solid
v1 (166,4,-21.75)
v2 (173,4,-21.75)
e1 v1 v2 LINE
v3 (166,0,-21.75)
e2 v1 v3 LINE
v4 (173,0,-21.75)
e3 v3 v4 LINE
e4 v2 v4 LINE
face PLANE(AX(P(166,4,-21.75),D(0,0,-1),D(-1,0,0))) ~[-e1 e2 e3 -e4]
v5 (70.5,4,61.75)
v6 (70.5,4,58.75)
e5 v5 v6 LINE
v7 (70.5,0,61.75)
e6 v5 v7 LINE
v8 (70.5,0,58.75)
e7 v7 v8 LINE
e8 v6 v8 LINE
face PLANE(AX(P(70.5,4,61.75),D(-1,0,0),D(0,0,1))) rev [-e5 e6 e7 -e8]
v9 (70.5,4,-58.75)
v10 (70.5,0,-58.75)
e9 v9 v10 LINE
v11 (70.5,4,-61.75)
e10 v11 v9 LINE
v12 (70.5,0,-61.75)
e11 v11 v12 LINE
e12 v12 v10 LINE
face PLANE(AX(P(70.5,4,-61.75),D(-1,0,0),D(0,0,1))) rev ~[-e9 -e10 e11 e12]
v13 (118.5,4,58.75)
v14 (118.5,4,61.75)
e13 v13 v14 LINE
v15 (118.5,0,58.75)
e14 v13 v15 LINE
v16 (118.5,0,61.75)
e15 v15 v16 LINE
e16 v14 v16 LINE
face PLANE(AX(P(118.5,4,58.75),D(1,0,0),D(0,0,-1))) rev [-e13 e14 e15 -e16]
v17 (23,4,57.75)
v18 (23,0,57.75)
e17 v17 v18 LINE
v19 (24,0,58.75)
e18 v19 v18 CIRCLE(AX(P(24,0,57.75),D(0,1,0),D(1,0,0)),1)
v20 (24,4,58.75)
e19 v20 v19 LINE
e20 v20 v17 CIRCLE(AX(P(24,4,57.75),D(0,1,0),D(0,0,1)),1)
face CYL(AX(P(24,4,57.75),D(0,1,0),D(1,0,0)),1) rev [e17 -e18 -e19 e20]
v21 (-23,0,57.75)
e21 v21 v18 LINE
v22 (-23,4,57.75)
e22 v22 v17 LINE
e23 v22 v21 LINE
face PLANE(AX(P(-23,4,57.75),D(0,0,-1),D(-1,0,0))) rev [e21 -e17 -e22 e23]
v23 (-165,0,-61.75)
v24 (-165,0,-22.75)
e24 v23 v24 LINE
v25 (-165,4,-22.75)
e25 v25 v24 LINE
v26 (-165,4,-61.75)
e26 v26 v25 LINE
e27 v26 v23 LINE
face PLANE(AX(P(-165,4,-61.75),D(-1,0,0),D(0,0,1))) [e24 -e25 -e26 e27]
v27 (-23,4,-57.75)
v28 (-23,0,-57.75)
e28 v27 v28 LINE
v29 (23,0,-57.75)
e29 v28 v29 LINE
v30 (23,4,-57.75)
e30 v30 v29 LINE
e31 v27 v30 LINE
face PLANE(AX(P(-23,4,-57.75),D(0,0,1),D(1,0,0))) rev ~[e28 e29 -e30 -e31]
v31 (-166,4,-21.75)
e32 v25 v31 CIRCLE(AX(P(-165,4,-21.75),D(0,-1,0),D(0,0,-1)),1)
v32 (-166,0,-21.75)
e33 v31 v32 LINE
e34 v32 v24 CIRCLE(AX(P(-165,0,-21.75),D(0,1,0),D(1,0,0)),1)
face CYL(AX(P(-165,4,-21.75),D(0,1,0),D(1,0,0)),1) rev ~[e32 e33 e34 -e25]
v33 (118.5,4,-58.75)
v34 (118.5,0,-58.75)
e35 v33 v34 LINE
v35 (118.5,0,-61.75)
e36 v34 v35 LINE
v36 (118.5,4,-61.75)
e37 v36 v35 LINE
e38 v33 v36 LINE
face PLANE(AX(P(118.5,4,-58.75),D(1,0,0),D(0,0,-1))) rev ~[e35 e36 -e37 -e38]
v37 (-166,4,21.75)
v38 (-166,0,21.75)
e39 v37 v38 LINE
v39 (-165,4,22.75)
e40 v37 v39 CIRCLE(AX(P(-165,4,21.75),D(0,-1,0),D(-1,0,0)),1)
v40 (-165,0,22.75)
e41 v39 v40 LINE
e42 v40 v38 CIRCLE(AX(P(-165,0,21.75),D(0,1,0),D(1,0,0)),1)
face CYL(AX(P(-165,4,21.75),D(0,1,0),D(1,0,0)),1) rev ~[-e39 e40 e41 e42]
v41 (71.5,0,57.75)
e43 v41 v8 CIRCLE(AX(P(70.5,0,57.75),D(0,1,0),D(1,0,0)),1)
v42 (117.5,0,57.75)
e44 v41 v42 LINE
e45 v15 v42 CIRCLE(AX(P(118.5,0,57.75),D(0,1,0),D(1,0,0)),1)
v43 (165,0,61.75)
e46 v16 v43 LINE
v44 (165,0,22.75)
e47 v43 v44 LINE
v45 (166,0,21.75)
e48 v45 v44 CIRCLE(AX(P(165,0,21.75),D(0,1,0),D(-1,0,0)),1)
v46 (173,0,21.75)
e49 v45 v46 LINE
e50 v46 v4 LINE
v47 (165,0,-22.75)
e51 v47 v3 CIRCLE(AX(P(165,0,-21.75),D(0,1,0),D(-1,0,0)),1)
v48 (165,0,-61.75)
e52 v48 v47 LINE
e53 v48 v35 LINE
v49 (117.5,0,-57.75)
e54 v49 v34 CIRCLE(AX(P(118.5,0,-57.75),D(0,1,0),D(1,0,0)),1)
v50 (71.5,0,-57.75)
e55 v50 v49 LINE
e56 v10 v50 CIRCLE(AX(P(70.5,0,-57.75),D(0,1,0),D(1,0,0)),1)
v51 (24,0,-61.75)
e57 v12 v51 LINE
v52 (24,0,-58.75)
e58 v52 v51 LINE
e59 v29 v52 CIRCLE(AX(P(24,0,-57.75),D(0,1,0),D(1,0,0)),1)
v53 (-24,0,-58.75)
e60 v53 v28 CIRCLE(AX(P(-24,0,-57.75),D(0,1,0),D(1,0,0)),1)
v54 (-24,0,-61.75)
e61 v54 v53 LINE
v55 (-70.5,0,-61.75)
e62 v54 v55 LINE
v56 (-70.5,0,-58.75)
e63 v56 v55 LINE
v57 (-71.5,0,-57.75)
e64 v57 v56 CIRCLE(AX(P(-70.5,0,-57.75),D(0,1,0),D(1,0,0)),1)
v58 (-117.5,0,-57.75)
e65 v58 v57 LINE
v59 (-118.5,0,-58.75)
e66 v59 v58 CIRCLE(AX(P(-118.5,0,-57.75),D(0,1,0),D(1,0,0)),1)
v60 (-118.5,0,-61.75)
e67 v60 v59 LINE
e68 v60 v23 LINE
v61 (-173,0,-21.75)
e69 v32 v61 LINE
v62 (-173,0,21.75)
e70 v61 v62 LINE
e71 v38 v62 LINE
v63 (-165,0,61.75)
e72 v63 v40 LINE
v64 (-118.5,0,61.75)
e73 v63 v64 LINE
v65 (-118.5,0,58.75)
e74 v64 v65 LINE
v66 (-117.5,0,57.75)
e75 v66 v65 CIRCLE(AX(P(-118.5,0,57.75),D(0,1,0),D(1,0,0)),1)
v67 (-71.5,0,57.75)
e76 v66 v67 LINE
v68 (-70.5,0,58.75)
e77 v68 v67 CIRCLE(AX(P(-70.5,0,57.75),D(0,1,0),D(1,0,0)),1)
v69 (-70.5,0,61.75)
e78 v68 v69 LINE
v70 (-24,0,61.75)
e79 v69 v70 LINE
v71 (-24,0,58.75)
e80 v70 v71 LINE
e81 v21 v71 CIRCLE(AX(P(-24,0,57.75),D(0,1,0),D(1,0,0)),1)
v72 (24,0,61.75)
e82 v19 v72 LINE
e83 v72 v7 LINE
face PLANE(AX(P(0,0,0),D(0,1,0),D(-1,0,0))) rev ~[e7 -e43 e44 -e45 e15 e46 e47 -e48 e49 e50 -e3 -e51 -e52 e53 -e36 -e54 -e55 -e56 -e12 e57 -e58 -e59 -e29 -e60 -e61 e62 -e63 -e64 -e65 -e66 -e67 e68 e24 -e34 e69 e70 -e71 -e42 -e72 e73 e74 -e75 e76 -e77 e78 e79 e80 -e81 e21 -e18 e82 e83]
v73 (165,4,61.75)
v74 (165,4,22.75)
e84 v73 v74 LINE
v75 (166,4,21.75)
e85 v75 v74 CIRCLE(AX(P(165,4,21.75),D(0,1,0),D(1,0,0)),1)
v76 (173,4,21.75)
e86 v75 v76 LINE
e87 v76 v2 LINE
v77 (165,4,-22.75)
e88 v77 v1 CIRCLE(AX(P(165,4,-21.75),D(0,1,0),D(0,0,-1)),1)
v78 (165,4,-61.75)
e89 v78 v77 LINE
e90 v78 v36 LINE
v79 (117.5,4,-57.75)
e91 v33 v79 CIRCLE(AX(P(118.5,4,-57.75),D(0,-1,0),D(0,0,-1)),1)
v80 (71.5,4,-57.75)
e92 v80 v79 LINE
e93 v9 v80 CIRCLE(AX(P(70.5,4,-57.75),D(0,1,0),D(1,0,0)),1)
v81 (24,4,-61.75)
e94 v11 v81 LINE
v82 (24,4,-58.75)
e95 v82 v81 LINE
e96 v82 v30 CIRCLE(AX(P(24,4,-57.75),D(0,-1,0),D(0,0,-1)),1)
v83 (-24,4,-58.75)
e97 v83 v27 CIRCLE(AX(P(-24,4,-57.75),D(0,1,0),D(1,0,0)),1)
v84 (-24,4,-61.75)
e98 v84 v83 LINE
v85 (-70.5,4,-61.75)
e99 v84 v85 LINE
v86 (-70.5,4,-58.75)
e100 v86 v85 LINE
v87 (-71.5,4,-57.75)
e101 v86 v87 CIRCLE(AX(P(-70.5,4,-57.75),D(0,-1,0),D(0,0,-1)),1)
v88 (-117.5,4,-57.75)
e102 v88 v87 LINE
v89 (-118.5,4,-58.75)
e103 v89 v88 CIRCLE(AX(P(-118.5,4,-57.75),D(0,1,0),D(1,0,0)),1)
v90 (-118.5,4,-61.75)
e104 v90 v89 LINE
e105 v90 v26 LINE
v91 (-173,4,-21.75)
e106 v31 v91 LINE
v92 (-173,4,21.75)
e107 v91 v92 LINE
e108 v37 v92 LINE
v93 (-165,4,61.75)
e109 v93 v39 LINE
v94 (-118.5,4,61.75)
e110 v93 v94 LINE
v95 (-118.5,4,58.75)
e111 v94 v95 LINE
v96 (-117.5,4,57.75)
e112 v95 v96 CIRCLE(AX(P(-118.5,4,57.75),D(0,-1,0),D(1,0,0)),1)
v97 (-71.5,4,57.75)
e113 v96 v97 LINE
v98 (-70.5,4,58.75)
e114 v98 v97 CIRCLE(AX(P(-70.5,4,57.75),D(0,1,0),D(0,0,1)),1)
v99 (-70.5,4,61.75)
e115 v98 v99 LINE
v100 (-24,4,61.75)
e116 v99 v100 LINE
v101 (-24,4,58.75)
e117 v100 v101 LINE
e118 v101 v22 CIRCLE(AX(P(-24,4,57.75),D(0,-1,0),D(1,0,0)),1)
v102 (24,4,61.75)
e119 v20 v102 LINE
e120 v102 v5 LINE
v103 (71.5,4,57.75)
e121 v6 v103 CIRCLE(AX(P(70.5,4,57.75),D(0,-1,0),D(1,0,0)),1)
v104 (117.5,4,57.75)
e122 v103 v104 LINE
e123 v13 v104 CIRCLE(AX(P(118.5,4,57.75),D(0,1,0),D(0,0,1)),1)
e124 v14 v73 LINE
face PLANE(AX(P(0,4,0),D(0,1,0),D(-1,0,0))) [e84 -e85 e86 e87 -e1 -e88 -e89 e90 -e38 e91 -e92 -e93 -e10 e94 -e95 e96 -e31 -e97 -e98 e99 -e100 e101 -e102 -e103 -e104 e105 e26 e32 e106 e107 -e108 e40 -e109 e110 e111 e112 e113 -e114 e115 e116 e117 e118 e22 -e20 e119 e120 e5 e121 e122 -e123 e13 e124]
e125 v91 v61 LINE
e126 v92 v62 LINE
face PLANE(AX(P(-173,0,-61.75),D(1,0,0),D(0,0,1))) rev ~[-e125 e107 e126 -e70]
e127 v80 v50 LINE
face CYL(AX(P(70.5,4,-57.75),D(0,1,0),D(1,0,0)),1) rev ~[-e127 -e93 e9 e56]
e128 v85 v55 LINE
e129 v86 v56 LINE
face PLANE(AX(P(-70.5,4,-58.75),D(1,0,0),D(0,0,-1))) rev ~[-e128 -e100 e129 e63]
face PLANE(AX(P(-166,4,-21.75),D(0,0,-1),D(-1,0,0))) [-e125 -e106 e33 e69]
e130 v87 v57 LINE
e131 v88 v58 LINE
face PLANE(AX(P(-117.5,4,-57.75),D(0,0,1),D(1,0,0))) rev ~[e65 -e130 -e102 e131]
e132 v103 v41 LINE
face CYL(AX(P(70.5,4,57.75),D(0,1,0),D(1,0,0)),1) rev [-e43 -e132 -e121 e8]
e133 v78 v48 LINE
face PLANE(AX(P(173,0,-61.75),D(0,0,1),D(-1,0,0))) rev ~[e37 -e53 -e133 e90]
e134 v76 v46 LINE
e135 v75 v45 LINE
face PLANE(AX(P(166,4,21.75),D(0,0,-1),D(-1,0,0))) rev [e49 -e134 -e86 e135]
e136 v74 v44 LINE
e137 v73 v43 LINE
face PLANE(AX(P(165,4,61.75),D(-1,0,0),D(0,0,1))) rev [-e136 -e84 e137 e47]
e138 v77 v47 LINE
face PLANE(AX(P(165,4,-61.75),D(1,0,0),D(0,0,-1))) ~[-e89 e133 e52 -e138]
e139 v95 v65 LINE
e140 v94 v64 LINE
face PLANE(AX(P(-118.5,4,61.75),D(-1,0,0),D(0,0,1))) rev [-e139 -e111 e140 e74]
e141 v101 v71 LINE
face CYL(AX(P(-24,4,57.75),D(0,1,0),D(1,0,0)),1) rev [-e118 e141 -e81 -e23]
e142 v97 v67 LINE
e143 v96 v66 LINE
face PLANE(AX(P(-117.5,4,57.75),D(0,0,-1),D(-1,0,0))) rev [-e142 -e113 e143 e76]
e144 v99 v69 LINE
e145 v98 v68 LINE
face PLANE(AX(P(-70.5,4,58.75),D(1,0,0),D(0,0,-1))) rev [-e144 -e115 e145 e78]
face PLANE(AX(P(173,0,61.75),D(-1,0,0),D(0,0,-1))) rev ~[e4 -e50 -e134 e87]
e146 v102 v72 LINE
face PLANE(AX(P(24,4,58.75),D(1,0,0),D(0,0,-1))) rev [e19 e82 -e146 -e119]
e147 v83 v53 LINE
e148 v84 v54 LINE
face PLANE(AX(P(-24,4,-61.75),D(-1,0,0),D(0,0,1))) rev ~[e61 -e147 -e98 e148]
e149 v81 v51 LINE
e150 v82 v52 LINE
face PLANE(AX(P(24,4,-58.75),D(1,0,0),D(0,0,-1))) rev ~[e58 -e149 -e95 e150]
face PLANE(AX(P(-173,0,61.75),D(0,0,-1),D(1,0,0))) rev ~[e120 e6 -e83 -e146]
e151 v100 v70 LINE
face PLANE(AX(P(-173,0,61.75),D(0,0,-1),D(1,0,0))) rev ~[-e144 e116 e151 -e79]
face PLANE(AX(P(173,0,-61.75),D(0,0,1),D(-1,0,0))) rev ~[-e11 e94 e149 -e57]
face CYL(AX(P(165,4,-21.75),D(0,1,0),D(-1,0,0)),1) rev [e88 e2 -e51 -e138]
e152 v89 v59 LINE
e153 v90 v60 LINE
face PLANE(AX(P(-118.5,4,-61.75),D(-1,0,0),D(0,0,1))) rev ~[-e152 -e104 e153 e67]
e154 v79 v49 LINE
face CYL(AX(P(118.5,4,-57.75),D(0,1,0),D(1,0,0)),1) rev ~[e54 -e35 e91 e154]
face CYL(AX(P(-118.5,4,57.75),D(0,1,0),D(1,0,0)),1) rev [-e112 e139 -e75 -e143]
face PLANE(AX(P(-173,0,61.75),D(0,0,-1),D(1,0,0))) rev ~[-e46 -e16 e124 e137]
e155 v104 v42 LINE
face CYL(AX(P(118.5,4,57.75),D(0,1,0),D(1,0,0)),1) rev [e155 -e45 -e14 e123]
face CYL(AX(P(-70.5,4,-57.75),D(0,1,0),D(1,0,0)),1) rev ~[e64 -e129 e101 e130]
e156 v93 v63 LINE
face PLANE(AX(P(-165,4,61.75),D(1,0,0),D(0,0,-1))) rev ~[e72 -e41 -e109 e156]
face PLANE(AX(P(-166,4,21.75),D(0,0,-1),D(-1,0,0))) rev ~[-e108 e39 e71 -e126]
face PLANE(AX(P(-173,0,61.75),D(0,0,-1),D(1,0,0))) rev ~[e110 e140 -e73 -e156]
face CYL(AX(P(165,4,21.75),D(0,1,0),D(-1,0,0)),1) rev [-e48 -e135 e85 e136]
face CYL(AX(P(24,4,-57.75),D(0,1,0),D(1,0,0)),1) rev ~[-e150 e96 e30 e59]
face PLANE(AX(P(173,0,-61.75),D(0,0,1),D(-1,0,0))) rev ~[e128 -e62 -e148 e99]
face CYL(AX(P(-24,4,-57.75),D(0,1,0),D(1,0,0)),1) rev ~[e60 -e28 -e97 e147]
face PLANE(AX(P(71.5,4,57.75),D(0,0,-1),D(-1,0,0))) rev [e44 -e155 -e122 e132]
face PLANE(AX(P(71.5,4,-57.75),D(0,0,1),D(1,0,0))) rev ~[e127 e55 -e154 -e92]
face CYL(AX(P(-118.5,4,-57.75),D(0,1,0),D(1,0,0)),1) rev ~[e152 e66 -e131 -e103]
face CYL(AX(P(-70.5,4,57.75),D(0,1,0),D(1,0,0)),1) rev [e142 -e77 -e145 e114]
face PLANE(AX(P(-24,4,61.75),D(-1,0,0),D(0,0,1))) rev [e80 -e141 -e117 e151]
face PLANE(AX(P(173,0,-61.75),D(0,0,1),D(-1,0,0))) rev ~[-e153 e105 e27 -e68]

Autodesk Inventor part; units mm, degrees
ref_plane "YZ Plane" through (0, 0, 0) normal (1, 0, 0) x (0, 1, 0)
ref_plane "XZ Plane" through (0, 0, 0) normal (0, 1, 0) x (-1, 0, 0)
ref_plane "XY Plane" through (0, 0, 0) normal (0, 0, 1) x (1, 0, 0)
sketch "Sketch1" plane through (0, 0, 0) normal (0, 1, 0) x (-1, 0, 0)
  line L0 (173, 61.75) -> (-173, 61.75)
  line L1 (-173, 61.75) -> (-173, -61.75)
  line L2 (-173, -61.75) -> (173, -61.75)
  line L3 (173, -61.75) -> (173, 61.75)
  point P0 (0, 0)
  point P1 (0, -61.75)
  point P2 (173, 0)
  dimension "d0" = 346
  dimension "d1" = 123.5
extrude "Extrusion1" add sketch "Sketch1" along normal blind 4
sketch "Esboço2" plane through (0, 4, 0) normal (0, 1, 0) x (1, 0, 0)
  line L0 (173, 61.75) -> (-173, 61.75) projected
  line L1 (118.5, 61.75) -> (70.5, 61.75)
  line L2 (70.5, 61.75) -> (70.5, 57.75)
  line L3 (70.5, 57.75) -> (118.5, 57.75)
  line L4 (118.5, 57.75) -> (118.5, 61.75)
  line L5 (173, -61.75) -> (173, 61.75) projected
  line L6 (24, 61.75) -> (-24, 61.75)
  line L7 (-24, 61.75) -> (-24, 57.75)
  line L8 (-24, 57.75) -> (24, 57.75)
  line L9 (24, 57.75) -> (24, 61.75)
  line L10 (-70.5, 61.75) -> (-118.5, 61.75)
  line L11 (-118.5, 61.75) -> (-118.5, 57.75)
  line L12 (-118.5, 57.75) -> (-70.5, 57.75)
  line L13 (-70.5, 57.75) -> (-70.5, 61.75)
  circle A0 centre (24, 57.75) radius 1
  circle A1 centre (70.5, 57.75) radius 1
  circle A2 centre (-24, 57.75) radius 1
  circle A3 centre (-70.5, 57.75) radius 1
  circle A4 centre (-118.5, 57.75) radius 1
  circle A5 centre (118.5, 57.75) radius 1
  point P0 (0, 0)
  dimension "d4" = 48
  dimension "d5" = 4
  dimension "d6" = 54.5
  dimension "d7" = 48
  dimension "d8" = 46.5
  dimension "d9" = 48
  dimension "d10" = 46.5
  dimension "d11" = 2
  dimension "d12" = 2
  dimension "d13" = 2
  dimension "d14" = 2
  dimension "d15" = 2
  dimension "d16" = 2
extrude "Extrusão2" cut sketch "Esboço2" against normal blind 10
mirror "Espelhamento1" about plane through (0, 0, 0) normal (0, 0, 1) of "Extrusão2"
sketch "Esboço3" plane through (0, 4, 0) normal (0, 1, 0) x (1, 0, 0)
  line L0 (-118.5, 61.75) -> (-173, 61.75) projected
  line L1 (-173, 61.75) -> (-165, 61.75)
  line L2 (-165, 61.75) -> (-165, 21.75)
  line L3 (-165, 21.75) -> (-173, 21.75)
  line L4 (-173, 21.75) -> (-173, 61.75)
  line L5 (-173, 61.75) -> (-173, -61.75) projected
  line L6 (-173, -61.75) -> (-165, -61.75)
  line L7 (-165, -61.75) -> (-165, -21.75)
  line L8 (-165, -21.75) -> (-173, -21.75)
  line L9 (-173, -21.75) -> (-173, -61.75)
  circle A0 centre (-165, 21.75) radius 1
  circle A1 centre (-165, -21.75) radius 1
  point P0 (0, 0)
  dimension "d19" = 8
  dimension "d20" = 40
  dimension "d21" = 40
  dimension "d22" = 43.5
  dimension "d23" = 2
  dimension "d24" = 2
extrude "Extrusão3" cut sketch "Esboço3" against normal blind 10
mirror "Espelhamento2" about plane through (0, 0, 0) normal (1, 0, 0) of "Extrusão3"
properties part number "fechamento superior"
